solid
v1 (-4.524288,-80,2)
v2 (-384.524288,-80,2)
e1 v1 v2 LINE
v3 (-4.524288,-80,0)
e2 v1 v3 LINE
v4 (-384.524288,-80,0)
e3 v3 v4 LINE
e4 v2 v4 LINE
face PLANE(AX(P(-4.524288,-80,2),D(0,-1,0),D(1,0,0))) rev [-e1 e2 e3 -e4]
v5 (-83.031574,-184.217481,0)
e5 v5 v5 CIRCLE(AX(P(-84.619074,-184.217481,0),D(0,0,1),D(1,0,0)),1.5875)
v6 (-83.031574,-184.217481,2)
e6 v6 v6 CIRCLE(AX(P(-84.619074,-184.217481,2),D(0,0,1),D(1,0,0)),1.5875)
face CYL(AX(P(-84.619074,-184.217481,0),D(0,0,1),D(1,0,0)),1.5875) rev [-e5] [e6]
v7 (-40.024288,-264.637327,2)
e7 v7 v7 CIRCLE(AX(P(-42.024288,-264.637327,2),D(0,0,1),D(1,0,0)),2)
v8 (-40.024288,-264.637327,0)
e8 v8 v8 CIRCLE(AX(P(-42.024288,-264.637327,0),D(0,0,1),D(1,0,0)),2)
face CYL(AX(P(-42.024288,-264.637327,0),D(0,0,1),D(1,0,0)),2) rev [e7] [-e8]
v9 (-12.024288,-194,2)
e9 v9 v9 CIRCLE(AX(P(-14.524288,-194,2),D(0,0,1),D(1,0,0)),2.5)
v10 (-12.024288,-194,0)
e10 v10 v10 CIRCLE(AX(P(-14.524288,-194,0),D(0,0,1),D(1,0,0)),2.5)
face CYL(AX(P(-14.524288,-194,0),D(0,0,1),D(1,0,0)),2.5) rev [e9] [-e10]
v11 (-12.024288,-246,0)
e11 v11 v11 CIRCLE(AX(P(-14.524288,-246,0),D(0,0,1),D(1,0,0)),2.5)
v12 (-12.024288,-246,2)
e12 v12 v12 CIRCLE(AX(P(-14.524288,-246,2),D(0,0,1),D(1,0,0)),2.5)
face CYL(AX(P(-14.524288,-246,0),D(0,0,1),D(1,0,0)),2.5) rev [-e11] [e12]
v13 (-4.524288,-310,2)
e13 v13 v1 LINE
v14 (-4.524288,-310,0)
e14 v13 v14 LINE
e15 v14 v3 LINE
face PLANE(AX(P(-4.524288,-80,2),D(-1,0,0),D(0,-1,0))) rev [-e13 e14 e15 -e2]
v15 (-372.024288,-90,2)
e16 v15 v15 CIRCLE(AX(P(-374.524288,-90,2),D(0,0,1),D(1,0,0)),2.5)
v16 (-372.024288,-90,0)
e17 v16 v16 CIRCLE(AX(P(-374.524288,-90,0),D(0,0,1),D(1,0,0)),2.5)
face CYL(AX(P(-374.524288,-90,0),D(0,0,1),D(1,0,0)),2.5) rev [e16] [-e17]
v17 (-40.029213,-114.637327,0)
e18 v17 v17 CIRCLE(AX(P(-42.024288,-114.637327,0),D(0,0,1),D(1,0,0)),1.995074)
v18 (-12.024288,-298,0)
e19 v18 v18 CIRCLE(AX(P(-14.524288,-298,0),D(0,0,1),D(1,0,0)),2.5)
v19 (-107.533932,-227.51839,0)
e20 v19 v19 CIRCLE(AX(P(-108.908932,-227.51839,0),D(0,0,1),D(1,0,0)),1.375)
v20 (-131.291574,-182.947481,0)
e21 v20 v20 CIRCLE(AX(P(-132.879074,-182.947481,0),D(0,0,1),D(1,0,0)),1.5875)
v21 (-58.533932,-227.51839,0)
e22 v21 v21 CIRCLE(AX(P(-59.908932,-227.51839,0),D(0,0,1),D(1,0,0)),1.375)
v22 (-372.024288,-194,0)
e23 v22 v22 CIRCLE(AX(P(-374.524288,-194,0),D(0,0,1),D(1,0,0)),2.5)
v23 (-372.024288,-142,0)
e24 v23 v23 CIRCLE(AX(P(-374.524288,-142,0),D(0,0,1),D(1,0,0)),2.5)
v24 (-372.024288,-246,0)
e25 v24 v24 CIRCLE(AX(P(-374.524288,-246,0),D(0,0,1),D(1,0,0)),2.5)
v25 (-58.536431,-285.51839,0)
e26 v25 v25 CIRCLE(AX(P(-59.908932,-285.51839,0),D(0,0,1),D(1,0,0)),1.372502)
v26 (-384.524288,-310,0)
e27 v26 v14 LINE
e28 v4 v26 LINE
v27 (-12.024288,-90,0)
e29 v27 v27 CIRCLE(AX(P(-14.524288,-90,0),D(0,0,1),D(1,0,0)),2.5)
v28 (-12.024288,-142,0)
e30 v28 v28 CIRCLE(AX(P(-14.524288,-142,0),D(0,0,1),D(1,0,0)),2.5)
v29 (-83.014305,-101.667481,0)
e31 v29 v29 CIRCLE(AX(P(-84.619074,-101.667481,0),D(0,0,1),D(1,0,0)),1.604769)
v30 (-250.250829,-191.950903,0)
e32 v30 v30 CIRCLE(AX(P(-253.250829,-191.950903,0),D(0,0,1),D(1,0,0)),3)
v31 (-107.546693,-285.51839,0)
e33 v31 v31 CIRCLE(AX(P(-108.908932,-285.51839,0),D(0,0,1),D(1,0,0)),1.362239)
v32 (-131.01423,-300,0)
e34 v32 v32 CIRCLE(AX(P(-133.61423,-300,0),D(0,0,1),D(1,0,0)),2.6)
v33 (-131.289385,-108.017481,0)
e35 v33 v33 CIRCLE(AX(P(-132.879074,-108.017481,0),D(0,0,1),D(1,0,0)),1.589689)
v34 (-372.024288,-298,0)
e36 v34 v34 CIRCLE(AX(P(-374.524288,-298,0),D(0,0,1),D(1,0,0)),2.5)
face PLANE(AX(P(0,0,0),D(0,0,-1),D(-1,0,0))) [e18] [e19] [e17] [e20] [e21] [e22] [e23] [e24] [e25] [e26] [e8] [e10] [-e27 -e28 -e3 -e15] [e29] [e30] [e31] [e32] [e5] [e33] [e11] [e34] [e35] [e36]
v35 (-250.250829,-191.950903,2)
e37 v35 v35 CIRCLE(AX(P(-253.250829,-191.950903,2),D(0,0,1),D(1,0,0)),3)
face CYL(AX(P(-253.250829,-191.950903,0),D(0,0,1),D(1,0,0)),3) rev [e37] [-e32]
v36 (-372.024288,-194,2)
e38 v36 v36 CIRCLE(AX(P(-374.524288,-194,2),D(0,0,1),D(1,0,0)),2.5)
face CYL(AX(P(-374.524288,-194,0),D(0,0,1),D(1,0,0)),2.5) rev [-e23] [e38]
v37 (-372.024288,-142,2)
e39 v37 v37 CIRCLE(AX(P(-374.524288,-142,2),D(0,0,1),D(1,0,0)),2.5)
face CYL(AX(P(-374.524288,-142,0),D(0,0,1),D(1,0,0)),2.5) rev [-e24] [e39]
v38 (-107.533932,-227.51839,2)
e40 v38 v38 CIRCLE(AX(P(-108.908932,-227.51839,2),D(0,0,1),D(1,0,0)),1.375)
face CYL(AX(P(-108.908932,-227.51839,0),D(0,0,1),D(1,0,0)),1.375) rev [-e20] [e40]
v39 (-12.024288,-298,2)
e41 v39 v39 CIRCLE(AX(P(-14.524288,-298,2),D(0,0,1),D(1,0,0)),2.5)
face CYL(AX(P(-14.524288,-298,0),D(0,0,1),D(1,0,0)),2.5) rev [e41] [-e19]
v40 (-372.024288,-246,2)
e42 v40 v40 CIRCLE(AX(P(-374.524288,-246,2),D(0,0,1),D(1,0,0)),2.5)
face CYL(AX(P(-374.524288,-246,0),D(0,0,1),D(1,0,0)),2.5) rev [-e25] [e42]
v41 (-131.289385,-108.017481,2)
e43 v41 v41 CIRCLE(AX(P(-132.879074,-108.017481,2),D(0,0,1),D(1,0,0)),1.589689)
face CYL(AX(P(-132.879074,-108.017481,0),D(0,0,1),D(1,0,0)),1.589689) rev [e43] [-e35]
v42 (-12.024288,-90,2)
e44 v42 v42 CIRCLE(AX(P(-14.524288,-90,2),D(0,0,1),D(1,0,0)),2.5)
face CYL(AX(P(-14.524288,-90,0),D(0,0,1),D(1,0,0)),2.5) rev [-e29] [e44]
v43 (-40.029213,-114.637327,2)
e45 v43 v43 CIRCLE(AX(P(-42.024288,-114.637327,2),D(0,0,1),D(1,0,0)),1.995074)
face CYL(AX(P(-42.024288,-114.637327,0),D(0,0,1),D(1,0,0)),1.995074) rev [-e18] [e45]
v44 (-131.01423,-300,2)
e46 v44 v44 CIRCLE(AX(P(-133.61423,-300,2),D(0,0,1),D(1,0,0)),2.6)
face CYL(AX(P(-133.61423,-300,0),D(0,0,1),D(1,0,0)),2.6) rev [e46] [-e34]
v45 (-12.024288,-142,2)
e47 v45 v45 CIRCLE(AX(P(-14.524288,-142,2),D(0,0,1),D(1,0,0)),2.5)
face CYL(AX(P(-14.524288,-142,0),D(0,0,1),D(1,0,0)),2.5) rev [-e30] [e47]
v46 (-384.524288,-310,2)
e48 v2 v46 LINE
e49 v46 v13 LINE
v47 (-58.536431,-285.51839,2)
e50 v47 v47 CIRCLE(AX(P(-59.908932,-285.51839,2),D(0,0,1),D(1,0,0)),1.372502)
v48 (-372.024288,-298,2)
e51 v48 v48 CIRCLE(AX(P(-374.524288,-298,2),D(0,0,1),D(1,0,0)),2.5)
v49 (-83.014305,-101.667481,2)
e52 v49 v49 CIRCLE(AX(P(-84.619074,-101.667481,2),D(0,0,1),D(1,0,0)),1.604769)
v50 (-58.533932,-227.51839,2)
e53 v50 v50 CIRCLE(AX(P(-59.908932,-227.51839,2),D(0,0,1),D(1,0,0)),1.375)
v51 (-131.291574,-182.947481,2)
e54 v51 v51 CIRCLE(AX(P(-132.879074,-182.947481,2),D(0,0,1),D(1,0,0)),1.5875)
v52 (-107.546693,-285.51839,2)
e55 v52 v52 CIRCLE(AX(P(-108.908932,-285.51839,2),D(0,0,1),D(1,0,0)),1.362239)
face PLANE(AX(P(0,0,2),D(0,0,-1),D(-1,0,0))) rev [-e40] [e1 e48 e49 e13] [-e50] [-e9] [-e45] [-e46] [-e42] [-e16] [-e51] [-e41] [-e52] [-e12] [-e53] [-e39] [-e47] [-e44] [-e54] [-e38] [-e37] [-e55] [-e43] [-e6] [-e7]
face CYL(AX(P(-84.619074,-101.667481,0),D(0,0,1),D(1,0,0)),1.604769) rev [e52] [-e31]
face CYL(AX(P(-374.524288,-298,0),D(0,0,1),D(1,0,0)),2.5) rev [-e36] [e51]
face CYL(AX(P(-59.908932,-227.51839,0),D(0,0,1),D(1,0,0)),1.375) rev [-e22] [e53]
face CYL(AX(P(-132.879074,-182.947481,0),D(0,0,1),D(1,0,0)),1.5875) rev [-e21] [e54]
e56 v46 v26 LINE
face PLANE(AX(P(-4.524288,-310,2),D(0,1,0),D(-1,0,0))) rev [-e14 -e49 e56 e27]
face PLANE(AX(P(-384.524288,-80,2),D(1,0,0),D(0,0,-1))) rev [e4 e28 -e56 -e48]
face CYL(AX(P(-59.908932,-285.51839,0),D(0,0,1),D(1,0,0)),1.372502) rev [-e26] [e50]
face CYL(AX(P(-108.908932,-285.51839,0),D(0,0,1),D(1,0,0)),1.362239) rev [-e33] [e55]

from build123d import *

# Parameters (mm, degrees)
SKICA2_W                 = 380
SKICA2_H                 = 230
P_IDAT_VYSUNUT_M1_DEPTH  = 2
SKICA3_R                 = 2.5
ODEBRAT_VYSUNUT_M1_DEPTH = 2
SKICA4_R                 = 1.604768665
SKICA4_R_2               = 1.589689297
SKICA4_R_3               = 1.5875
SKICA4_R_4               = 1.375
SKICA4_R_5               = 1.372501574
SKICA4_R_6               = 1.362238747
SKICA4_R_7               = 2
SKICA4_R_8               = 1.99507446
SKICA4_R_9               = 3
ODEBRAT_VYSUNUT_M2_DEPTH = 2
SKICA5_R                 = 2.6
ODEBRAT_VYSUNUT_M3_DEPTH = 2


with BuildPart() as part:
    # Skica2 → Přidat vysunutím1 (new body)
    with BuildSketch(Plane.XY):
        with Locations((-194.524287798, -195)):
            Rectangle(SKICA2_W, SKICA2_H)
    extrude(amount=P_IDAT_VYSUNUT_M1_DEPTH)

    # Skica3 → Odebrat vysunutím1 (cut)
    with BuildSketch(Plane.XY.offset(2)):
        with Locations((-374.524287798, -90)):
            Circle(SKICA3_R)
        with Locations((-374.524287798, -142)):
            Circle(SKICA3_R)
        with Locations((-374.524287798, -194)):
            Circle(SKICA3_R)
        with Locations((-374.524287798, -246)):
            Circle(SKICA3_R)
        with Locations((-374.524287798, -298)):
            Circle(SKICA3_R)
        with Locations((-14.524287798, -246)):
            Circle(SKICA3_R)
        with Locations((-14.524287798, -298)):
            Circle(SKICA3_R)
        with Locations((-14.524287798, -194)):
            Circle(SKICA3_R)
        with Locations((-14.524287798, -142)):
            Circle(SKICA3_R)
        with Locations((-14.524287798, -90)):
            Circle(SKICA3_R)
    extrude(amount=-ODEBRAT_VYSUNUT_M1_DEPTH, mode=Mode.SUBTRACT)

    # Skica4 → Odebrat vysunutím2 (cut)
    with BuildSketch(Plane.XY.offset(2)):
        with Locations((-84.619074008, -101.667480714)):
            Circle(SKICA4_R)
        with Locations((-132.879074008, -108.017480714)):
            Circle(SKICA4_R_2)
        with Locations((-132.879074008, -182.947480714)):
            Circle(SKICA4_R_3)
        with Locations((-84.619074008, -184.217480714)):
            Circle(SKICA4_R_3)
        with Locations((-108.908932218, -227.518390056)):
            Circle(SKICA4_R_4)
        with Locations((-59.908932218, -227.518390056)):
            Circle(SKICA4_R_4)
        with Locations((-59.908932218, -285.518390056)):
            Circle(SKICA4_R_5)
        with Locations((-108.908932218, -285.518390056)):
            Circle(SKICA4_R_6)
        with Locations((-42.024287798, -264.637326757)):
            Circle(SKICA4_R_7)
        with Locations((-42.024287798, -114.637326757)):
            Circle(SKICA4_R_8)
        with Locations((-253.250828503, -191.950902839)):
            Circle(SKICA4_R_9)
    extrude(amount=-ODEBRAT_VYSUNUT_M2_DEPTH, mode=Mode.SUBTRACT)

    # Skica5 → Odebrat vysunutím3 (cut)
    with BuildSketch(Plane.XY.offset(2)):
        with Locations((-133.614229541, -300)):
            Circle(SKICA5_R)
    extrude(amount=-ODEBRAT_VYSUNUT_M3_DEPTH, mode=Mode.SUBTRACT)


solid = part.part
